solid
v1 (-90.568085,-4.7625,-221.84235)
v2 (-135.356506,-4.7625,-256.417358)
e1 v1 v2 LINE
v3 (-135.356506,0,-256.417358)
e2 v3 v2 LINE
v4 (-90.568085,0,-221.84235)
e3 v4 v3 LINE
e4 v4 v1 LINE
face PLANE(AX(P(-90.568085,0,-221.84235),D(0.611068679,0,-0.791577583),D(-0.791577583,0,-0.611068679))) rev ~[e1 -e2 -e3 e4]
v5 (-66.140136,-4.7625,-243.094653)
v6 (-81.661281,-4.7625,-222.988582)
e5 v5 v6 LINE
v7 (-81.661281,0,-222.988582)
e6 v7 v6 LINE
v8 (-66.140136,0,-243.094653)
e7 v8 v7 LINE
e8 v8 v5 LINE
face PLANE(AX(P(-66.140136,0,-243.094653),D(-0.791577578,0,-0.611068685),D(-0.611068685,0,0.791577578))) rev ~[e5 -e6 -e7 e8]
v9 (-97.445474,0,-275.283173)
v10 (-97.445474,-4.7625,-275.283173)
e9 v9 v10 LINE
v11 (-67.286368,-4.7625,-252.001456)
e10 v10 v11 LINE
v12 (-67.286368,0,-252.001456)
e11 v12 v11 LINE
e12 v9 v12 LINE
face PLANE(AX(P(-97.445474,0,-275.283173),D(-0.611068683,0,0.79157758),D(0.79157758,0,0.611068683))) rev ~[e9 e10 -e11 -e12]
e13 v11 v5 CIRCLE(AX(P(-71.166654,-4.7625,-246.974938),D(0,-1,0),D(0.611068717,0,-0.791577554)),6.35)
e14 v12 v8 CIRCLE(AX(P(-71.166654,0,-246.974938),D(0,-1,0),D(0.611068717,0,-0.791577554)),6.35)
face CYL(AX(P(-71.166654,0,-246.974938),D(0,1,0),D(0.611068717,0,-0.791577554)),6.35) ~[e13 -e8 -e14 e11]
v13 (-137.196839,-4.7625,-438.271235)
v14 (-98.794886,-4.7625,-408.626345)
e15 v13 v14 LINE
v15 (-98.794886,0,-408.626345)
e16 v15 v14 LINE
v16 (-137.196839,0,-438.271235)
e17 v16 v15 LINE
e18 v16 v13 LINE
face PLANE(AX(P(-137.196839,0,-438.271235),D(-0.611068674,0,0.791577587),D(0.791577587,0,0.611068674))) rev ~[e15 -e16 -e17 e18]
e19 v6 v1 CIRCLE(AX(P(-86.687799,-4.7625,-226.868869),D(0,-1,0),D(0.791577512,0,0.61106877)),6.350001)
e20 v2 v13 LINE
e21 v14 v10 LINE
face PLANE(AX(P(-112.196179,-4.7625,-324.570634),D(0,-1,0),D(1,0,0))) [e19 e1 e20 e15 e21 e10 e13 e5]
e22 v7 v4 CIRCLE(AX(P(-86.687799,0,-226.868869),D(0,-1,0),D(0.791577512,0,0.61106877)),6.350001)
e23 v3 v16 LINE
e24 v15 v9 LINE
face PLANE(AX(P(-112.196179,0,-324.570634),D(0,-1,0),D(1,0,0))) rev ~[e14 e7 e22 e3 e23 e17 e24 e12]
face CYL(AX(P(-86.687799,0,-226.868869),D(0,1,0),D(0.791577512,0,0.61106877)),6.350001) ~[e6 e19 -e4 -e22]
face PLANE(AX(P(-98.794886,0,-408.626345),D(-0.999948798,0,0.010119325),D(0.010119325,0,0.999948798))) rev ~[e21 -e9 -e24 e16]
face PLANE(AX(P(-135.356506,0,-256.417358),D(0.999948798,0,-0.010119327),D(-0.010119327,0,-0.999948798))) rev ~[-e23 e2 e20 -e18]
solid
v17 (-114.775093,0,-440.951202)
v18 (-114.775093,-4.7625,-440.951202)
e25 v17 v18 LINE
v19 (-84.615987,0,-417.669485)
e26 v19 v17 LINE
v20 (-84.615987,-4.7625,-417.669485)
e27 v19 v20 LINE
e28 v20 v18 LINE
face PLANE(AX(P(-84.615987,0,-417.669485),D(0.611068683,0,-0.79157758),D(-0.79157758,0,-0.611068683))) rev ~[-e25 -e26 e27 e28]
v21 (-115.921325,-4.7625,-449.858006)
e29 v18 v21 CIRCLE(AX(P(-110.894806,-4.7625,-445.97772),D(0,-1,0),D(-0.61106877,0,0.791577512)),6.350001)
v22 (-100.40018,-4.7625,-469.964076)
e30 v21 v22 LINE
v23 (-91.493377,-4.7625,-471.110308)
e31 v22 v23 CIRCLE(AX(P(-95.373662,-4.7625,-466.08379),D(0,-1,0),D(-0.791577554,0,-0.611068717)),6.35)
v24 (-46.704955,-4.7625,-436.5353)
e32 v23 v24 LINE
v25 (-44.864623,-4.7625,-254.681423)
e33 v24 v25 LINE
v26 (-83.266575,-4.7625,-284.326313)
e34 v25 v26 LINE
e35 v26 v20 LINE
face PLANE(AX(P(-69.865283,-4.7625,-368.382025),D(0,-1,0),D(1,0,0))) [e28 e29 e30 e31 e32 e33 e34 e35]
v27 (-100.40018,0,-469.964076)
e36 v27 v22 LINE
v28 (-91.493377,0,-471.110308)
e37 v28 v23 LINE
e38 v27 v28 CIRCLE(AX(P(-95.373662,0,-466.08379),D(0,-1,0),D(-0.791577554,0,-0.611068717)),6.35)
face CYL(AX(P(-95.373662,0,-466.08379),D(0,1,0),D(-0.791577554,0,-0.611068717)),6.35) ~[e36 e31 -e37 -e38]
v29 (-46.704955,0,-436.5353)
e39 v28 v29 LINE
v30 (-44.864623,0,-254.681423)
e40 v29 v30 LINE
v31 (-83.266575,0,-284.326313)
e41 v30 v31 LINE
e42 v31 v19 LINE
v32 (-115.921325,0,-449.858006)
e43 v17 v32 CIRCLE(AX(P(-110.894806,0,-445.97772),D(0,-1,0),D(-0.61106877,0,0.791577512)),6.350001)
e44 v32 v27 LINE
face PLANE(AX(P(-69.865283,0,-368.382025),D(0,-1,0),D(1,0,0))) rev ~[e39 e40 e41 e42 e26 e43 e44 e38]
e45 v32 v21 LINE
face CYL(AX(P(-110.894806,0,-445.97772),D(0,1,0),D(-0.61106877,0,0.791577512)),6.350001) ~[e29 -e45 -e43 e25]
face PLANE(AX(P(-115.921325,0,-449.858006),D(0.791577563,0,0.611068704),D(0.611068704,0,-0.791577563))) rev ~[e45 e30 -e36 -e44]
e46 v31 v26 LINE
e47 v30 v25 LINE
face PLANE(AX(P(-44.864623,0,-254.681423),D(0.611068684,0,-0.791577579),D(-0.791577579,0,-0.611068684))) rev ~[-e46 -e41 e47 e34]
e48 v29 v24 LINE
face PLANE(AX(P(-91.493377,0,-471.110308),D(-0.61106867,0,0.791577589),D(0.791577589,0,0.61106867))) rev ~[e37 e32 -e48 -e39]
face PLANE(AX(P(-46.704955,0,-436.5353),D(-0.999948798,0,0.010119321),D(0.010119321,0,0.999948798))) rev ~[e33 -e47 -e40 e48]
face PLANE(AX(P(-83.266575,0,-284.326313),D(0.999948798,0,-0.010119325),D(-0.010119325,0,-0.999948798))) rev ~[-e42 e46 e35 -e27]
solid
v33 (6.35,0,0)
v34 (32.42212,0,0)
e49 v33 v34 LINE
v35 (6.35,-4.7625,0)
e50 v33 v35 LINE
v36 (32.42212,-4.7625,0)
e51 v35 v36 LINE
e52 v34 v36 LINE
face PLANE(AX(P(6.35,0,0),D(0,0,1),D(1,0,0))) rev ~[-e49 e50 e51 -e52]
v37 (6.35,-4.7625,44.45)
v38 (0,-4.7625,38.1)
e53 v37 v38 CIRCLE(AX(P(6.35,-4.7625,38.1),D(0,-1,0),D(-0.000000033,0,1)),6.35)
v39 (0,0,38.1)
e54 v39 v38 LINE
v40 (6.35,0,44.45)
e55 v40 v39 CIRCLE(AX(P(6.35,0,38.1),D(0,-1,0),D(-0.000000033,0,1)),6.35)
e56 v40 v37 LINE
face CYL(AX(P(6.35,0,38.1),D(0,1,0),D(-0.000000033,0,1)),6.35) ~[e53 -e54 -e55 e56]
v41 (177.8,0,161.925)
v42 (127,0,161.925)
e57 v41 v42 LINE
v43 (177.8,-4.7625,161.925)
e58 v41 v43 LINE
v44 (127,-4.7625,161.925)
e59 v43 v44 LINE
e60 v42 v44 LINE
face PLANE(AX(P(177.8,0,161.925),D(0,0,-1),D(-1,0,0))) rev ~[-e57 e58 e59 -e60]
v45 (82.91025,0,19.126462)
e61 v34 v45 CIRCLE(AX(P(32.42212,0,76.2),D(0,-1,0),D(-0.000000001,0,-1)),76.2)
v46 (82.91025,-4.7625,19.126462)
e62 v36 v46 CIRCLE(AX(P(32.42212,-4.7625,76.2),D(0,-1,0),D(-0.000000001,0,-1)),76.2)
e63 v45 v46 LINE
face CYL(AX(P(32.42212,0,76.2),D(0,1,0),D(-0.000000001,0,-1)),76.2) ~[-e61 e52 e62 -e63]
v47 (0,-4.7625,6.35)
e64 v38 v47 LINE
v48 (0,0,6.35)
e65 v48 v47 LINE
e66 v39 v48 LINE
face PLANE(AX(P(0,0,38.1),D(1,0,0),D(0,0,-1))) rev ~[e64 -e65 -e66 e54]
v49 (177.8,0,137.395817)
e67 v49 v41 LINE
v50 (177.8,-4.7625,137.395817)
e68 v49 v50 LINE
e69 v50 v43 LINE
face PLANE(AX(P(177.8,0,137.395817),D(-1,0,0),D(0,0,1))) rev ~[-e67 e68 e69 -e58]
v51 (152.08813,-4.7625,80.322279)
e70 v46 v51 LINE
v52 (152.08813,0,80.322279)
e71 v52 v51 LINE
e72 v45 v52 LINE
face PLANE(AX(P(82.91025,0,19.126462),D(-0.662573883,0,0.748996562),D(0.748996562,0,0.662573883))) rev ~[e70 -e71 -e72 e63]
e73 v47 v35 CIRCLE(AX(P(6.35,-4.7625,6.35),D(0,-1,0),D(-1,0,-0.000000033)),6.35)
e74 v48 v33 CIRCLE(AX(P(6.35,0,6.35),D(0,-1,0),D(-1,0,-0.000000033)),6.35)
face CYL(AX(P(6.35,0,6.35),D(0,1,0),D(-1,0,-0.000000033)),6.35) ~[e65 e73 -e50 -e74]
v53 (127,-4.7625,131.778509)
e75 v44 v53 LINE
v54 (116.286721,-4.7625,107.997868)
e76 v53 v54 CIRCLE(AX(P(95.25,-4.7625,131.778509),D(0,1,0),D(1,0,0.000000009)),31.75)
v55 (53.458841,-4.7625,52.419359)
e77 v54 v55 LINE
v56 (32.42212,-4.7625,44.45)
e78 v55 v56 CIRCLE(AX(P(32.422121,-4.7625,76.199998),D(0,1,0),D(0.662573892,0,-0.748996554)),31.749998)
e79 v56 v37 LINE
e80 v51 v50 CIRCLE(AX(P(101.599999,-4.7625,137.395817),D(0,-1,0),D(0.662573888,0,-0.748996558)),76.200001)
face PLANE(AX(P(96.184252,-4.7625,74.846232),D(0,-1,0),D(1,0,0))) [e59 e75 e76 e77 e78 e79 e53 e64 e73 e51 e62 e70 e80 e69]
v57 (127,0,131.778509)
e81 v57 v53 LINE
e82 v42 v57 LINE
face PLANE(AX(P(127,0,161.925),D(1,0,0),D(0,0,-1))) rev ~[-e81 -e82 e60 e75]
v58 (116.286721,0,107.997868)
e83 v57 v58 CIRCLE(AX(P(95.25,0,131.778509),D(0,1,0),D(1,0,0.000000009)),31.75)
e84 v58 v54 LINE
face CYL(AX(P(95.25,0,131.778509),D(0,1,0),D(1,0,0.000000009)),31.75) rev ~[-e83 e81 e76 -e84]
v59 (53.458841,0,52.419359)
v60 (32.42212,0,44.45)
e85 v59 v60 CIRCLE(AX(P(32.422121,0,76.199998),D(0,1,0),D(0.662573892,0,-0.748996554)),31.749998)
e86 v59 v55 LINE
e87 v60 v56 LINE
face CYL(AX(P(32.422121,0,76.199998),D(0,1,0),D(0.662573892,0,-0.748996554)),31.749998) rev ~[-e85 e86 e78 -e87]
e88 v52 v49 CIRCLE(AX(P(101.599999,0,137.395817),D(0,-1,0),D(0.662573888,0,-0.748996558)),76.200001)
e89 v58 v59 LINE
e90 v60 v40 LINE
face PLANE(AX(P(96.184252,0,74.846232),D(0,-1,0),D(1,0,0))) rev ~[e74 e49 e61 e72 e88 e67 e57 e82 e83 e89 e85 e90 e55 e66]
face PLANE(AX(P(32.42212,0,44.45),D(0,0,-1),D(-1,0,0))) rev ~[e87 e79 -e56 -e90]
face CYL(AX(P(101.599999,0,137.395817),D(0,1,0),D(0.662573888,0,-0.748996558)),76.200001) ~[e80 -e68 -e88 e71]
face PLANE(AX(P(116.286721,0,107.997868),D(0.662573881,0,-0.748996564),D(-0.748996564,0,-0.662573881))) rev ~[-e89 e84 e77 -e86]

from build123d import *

# Parameters (mm, degrees)
F1_DEPTH = 4.7625


with BuildPart() as f1:
    # F0 (on Front) → F1 (new body)
    with BuildSketch(Plane.XZ):
        with BuildLine():
            ThreePointArc((0, 6.35), (1.859872, 1.859872), (6.35, 0))
            Line((6.35, 0), (32.42212, 0))
            ThreePointArc((32.42212, 0), (59.416901, 4.941865), (82.91025, 19.126462))
            Line((82.91025, 19.126462), (152.08813, 80.322279))
            ThreePointArc((152.08813, 80.322279), (171.075303, 106.096899), (177.8, 137.395817))
            Line((177.8, 137.395817), (177.8, 161.925))
            Line((177.8, 161.925), (127, 161.925))
            Line((127, 161.925), (127, 131.778509))
            ThreePointArc((127, 131.778509), (124.198043, 118.737293), (116.286721, 107.997868))
            Line((116.286721, 107.997868), (53.458841, 52.419359))
            ThreePointArc((53.458841, 52.419359), (43.669945, 46.50911), (32.42212, 44.45))
            Line((32.42212, 44.45), (6.35, 44.45))
            ThreePointArc((6.35, 44.45), (1.859872, 42.590128), (0, 38.1))
            Line((0, 38.1), (0, 6.35))
        make_face()
        with BuildLine():
            Line((-84.615987, -417.669485), (-114.775093, -440.951202))
            ThreePointArc((-114.775093, -440.951202), (-117.192868, -445.167211), (-115.921325, -449.858006))
            Line((-115.921325, -449.858006), (-100.40018, -469.964076))
            ThreePointArc((-100.40018, -469.964076), (-96.184171, -472.381851), (-91.493377, -471.110308))
            Line((-91.493377, -471.110308), (-46.704955, -436.5353))
            Line((-46.704955, -436.5353), (-44.864623, -254.681423))
            Line((-44.864623, -254.681423), (-83.266575, -284.326313))
            Line((-83.266575, -284.326313), (-84.615987, -417.669485))
        make_face()
        with BuildLine():
            Line((-66.140136, -243.094653), (-81.661281, -222.988582))
            ThreePointArc((-81.661281, -222.988582), (-85.87729, -220.570807), (-90.568085, -221.84235))
            Line((-90.568085, -221.84235), (-135.356506, -256.417358))
            Line((-135.356506, -256.417358), (-137.196839, -438.271235))
            Line((-137.196839, -438.271235), (-98.794886, -408.626345))
            Line((-98.794886, -408.626345), (-97.445474, -275.283173))
            Line((-97.445474, -275.283173), (-67.286368, -252.001456))
            ThreePointArc((-67.286368, -252.001456), (-64.868593, -247.785447), (-66.140136, -243.094653))
        make_face()
    extrude(amount=F1_DEPTH)


solid = f1.part
